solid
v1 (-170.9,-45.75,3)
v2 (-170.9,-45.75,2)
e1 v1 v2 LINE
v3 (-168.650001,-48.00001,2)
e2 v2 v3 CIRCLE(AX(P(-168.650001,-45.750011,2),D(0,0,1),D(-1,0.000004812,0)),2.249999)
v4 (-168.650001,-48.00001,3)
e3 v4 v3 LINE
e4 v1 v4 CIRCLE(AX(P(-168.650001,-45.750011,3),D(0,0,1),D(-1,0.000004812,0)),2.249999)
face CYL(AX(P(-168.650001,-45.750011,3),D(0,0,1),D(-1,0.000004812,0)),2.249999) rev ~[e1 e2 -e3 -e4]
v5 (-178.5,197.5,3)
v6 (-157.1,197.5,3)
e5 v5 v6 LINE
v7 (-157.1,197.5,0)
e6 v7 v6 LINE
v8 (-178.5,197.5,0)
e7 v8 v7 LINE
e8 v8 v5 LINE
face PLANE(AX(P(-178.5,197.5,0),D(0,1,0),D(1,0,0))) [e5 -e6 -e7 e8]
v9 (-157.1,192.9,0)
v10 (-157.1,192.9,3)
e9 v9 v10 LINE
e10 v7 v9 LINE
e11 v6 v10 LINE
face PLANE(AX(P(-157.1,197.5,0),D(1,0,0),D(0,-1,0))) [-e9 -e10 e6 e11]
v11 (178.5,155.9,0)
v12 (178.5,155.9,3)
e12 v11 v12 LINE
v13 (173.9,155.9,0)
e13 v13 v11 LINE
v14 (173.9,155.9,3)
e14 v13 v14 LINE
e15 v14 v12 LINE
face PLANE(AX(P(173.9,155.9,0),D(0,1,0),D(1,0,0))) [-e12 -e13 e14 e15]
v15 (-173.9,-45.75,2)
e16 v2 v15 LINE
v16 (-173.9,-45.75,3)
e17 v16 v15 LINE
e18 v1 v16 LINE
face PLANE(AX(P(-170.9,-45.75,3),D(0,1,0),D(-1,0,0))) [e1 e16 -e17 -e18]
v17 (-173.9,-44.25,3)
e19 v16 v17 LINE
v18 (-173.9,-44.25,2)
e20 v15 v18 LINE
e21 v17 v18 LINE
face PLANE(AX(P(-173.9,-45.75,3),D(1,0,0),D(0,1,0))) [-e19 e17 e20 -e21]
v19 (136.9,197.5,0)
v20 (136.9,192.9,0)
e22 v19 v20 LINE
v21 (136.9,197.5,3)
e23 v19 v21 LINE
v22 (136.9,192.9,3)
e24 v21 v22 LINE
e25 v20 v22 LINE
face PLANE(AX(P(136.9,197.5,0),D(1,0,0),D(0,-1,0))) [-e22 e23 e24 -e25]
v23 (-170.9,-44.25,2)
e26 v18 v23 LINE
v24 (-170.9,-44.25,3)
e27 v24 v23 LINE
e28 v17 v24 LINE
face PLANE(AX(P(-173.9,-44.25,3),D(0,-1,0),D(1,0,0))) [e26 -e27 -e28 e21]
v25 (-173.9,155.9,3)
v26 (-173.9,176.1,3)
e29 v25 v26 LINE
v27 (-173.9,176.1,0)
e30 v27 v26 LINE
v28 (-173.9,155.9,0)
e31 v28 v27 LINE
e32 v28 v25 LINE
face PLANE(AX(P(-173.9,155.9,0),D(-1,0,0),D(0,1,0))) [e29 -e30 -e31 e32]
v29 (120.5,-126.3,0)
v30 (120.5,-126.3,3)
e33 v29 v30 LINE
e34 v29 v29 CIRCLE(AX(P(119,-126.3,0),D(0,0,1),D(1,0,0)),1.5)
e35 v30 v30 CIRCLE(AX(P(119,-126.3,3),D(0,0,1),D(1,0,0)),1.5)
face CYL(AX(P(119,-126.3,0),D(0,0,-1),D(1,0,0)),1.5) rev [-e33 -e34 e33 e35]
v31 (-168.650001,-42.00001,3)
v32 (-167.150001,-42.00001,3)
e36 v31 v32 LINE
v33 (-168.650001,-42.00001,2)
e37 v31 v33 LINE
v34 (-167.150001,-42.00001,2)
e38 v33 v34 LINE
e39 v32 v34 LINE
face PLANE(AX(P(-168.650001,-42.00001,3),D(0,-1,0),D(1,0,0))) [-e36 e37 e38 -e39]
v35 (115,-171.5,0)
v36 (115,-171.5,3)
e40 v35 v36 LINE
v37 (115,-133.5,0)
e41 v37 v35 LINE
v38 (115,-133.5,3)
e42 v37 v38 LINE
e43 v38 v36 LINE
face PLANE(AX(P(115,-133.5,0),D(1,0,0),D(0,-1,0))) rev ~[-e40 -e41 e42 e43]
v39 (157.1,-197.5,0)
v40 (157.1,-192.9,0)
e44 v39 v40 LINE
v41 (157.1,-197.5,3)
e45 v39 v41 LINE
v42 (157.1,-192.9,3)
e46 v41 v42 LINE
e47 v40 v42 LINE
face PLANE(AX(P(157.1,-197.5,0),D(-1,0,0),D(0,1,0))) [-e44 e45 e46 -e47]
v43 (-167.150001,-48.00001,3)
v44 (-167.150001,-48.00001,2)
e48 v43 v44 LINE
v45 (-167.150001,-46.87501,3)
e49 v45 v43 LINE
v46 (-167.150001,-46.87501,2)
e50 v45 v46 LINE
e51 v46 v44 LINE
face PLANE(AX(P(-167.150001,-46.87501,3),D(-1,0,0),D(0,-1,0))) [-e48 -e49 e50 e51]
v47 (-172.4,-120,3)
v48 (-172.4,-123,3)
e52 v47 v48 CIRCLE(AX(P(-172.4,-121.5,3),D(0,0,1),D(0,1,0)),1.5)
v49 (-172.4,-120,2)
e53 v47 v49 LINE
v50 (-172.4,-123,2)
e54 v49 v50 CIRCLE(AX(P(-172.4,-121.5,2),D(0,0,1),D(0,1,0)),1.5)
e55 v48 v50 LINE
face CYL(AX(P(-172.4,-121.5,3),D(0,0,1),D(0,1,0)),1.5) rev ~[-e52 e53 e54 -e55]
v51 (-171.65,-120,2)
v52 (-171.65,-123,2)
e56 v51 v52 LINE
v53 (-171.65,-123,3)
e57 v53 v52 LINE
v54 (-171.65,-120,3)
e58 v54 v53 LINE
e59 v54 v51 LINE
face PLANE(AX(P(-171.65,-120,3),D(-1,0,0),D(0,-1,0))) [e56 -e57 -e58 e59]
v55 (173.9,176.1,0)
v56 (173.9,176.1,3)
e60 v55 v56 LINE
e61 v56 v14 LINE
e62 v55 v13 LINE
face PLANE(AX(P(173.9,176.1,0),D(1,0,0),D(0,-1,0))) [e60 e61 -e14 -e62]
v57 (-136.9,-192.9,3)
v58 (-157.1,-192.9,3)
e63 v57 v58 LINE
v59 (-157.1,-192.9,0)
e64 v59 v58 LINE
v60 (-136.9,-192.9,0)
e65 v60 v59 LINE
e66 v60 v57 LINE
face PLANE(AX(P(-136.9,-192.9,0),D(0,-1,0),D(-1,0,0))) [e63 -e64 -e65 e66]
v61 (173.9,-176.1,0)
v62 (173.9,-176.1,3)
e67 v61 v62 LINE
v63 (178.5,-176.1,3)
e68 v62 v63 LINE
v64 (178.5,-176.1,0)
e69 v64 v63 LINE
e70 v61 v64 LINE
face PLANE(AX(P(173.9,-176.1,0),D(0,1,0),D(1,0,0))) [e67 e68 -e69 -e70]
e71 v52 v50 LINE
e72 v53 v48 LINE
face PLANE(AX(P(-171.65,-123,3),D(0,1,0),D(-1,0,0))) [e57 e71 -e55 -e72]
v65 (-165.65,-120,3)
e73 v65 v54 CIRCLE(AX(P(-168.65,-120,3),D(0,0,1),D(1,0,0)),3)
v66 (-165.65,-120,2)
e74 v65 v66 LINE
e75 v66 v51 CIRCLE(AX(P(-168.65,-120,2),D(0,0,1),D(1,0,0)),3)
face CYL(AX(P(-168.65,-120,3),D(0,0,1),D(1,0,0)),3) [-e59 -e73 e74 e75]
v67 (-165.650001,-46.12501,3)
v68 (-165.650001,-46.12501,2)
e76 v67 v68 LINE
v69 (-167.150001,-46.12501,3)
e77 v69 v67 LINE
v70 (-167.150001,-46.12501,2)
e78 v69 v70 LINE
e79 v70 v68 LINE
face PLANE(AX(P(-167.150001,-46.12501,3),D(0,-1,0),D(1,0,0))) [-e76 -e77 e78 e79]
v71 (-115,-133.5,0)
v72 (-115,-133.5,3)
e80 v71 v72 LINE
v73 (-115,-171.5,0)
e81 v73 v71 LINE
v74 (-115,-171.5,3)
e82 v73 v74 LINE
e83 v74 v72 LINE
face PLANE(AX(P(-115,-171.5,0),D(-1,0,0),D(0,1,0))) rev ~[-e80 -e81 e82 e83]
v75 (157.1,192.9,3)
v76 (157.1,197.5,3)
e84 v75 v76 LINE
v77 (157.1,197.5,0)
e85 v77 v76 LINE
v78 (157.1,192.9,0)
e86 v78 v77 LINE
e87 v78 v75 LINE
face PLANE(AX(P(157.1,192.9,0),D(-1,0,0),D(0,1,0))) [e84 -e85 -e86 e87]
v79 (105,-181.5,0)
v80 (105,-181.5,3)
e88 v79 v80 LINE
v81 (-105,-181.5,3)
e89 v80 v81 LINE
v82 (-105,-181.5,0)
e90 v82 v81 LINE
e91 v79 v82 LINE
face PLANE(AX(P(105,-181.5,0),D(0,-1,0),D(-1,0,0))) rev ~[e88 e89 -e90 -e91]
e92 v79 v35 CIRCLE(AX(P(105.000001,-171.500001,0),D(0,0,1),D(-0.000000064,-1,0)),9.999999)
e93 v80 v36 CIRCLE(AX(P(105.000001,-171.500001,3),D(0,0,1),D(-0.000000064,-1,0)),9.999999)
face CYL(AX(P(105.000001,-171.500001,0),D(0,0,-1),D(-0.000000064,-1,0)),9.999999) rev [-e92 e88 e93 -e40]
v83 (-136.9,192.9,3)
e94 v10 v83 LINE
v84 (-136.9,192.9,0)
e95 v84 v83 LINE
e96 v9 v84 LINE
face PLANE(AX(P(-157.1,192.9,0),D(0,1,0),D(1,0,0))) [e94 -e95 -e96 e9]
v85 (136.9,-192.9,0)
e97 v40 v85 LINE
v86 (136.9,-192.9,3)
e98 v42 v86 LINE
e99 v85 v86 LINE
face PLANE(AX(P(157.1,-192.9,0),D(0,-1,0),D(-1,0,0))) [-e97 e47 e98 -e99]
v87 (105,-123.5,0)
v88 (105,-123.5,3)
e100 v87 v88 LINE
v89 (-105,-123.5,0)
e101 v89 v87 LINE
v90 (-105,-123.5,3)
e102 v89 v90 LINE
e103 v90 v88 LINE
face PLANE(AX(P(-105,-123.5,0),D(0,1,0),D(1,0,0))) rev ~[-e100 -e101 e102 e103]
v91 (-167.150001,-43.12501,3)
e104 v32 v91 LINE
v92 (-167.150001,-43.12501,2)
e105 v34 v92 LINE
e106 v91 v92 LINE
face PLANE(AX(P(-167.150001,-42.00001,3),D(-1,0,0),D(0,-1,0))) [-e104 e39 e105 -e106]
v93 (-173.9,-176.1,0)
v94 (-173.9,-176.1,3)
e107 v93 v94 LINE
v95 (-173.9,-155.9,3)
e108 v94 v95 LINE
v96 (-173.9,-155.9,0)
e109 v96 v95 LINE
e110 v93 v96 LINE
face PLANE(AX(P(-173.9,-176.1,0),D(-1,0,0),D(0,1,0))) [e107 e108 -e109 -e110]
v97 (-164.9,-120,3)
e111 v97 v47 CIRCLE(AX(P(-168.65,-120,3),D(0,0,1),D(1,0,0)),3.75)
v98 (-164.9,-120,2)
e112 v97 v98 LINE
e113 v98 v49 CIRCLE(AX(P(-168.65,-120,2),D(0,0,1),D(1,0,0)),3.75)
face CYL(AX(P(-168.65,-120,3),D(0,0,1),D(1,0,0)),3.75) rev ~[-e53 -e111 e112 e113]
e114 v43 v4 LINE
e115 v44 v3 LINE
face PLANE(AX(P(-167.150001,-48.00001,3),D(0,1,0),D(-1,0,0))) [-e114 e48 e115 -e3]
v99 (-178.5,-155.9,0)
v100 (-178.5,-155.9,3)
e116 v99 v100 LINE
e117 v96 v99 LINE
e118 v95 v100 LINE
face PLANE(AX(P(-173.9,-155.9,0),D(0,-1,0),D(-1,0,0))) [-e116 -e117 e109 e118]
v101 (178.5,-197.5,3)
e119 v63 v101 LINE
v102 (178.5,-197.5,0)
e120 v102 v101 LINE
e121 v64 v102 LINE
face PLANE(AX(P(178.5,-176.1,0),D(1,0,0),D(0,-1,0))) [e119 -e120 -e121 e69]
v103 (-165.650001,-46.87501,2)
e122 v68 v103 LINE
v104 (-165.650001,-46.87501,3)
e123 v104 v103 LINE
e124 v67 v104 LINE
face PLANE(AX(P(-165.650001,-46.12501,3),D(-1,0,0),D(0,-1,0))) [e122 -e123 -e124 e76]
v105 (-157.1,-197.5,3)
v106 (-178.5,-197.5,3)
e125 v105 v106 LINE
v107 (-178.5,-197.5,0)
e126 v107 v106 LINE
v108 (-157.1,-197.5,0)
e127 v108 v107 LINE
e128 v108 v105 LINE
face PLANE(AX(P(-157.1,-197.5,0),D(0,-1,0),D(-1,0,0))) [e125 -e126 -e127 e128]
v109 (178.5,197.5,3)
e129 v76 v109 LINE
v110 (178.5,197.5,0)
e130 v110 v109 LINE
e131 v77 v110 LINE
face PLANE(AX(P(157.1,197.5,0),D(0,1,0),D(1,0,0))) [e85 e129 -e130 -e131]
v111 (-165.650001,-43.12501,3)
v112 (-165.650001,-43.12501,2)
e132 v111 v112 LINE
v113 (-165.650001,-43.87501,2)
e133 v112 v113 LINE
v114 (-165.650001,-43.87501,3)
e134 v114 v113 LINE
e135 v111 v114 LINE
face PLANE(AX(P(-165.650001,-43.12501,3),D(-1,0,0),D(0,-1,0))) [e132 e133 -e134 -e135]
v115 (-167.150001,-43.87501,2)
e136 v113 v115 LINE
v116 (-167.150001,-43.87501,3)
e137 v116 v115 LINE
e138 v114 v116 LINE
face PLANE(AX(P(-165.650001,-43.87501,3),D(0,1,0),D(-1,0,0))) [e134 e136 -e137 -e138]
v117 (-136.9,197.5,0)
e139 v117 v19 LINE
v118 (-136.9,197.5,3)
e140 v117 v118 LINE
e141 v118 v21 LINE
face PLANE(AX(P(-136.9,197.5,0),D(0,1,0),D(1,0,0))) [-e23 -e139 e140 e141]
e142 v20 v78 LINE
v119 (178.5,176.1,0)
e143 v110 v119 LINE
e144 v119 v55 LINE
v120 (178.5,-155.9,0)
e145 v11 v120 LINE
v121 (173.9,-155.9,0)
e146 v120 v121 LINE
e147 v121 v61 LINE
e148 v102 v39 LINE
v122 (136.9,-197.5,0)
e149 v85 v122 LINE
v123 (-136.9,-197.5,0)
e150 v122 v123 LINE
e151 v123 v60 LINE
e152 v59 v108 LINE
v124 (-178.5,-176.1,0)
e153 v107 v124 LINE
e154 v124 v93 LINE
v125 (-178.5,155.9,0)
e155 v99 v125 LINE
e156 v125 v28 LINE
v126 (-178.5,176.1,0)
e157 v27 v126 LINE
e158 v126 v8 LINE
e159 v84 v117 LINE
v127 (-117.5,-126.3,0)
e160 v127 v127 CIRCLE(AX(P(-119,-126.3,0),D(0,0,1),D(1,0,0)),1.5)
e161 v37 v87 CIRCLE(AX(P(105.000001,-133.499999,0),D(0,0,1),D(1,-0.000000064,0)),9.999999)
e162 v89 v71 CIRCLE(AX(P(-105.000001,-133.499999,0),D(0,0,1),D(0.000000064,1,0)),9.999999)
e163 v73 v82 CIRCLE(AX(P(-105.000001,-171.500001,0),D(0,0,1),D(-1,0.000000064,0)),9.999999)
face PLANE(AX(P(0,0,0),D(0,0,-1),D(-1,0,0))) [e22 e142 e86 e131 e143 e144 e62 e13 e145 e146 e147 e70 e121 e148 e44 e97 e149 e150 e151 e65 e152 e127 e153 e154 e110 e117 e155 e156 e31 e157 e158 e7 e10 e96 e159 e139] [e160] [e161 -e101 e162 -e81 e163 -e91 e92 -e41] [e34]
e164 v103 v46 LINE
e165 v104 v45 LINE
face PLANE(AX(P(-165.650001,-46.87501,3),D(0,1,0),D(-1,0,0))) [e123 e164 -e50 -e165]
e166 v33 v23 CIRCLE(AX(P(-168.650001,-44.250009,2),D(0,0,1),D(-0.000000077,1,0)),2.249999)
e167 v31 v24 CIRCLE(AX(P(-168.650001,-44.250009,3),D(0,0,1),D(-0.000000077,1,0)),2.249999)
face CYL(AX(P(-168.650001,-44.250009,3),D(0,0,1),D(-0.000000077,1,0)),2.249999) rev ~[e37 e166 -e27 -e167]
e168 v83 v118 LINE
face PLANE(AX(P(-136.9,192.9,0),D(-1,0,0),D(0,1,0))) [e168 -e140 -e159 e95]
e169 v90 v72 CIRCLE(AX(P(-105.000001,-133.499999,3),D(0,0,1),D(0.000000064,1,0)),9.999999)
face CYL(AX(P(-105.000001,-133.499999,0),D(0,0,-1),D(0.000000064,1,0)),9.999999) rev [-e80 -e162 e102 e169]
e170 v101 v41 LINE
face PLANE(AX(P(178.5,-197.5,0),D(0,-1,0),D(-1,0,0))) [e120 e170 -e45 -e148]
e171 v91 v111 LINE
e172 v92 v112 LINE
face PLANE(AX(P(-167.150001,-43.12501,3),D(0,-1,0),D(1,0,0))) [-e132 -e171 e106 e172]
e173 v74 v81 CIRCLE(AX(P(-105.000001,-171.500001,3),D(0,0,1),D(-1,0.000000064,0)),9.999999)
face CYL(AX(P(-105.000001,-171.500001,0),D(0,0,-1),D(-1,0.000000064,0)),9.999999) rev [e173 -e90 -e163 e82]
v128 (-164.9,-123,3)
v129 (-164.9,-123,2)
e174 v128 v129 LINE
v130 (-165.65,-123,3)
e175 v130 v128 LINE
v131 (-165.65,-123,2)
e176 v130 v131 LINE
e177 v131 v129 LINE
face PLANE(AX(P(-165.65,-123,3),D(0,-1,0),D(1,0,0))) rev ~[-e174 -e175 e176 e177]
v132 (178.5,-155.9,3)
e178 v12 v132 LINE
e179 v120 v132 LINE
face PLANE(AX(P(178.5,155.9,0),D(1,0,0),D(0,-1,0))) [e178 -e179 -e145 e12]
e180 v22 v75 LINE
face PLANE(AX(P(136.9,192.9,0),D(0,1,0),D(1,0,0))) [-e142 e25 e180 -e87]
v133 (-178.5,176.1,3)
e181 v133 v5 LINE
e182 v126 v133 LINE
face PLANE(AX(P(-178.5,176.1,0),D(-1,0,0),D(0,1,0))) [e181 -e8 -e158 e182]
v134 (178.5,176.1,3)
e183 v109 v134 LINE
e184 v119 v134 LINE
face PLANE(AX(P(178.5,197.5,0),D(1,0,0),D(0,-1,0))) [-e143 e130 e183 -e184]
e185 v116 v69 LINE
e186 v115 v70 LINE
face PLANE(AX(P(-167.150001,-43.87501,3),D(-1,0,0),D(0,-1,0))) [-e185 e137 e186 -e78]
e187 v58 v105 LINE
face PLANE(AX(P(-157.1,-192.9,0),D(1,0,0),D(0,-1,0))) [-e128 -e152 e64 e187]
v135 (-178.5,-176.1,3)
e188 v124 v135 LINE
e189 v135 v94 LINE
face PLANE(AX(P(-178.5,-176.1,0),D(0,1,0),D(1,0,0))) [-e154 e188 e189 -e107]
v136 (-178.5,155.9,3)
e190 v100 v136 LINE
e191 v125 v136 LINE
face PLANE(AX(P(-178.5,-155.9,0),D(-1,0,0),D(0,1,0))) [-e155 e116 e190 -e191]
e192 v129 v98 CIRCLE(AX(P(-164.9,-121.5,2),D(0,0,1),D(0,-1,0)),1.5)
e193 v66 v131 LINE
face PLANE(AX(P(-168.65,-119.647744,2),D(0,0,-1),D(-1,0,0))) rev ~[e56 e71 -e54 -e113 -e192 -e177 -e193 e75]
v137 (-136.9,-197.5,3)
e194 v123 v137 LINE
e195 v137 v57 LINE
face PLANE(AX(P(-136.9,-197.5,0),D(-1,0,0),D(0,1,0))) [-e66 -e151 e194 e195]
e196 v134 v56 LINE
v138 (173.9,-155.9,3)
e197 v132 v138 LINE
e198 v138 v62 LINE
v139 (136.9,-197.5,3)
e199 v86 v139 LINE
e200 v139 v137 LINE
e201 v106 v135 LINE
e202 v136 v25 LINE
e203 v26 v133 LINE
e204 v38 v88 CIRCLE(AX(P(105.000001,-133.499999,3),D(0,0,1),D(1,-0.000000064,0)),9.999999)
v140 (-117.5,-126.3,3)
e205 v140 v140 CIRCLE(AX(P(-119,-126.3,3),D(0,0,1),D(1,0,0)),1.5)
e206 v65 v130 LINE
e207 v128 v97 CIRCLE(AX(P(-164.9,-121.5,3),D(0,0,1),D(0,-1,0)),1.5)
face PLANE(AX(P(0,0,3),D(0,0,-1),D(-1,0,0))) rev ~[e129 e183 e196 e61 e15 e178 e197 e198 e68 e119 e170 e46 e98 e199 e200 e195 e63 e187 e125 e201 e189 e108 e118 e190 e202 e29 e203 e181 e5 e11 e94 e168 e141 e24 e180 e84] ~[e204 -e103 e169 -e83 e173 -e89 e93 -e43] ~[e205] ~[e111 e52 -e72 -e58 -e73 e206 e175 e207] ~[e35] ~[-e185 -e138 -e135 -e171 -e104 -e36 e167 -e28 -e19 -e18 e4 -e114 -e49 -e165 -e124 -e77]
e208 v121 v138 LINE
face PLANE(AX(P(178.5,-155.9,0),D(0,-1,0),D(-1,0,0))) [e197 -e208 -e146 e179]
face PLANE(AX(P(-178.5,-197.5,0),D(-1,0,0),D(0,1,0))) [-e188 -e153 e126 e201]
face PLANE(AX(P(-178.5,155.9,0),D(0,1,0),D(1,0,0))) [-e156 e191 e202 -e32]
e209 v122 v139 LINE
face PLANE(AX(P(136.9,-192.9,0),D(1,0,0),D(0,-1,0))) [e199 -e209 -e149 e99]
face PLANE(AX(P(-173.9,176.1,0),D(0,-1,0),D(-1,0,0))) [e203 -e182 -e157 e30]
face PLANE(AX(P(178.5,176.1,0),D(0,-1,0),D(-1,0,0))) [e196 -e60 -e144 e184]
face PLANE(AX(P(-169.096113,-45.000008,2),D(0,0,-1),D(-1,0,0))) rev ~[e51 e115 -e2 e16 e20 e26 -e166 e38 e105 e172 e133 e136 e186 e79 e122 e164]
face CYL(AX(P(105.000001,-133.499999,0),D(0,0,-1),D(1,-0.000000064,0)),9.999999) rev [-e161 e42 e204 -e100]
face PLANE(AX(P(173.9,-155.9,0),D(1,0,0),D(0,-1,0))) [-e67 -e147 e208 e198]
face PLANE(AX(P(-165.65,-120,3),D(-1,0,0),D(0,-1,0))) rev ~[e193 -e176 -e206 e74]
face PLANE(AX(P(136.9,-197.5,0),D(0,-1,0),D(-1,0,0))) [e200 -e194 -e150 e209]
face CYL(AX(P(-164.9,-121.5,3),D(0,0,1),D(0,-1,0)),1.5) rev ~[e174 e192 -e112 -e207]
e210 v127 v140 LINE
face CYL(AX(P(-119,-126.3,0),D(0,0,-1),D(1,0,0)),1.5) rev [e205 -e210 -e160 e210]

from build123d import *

# Parameters (mm, degrees)
SKETCH_R     = 1.5
PAD_DEPTH    = 3
POCKET_DEPTH = 1


with BuildPart() as part:
    # Sketch → Pad (new body)
    with BuildSketch(Plane.XY):
        Polygon((-173.9, 176.1), (-178.5, 176.1), (-178.5, 197.5), (-157.1, 197.5), (-157.1, 192.9), (-136.9, 192.9), (-136.9, 197.5), (136.9, 197.5), (136.9, 192.9), (157.1, 192.9), (157.1, 197.5), (178.5, 197.5), (178.5, 176.1), (173.9, 176.1), (173.9, 155.9), (178.5, 155.9), (178.5, -155.9), (173.9, -155.9), (173.9, -176.1), (178.5, -176.1), (178.5, -197.5), (157.1, -197.5), (157.1, -192.9), (136.9, -192.9), (136.9, -197.5), (-136.9, -197.5), (-136.9, -192.9), (-157.1, -192.9), (-157.1, -197.5), (-178.5, -197.5), (-178.5, -176.1), (-173.9, -176.1), (-173.9, -155.9), (-178.5, -155.9), (-178.5, 155.9), (-173.9, 155.9), align=None)
        with Locations((-119, -126.3)):
            Circle(SKETCH_R, mode=Mode.SUBTRACT)
        with Locations((119, -126.3)):
            Circle(SKETCH_R, mode=Mode.SUBTRACT)
        with BuildLine():
            Line((-105, -123.5), (105, -123.5))
            ThreePointArc((115, -133.5), (112.071068, -126.428932), (105, -123.5))
            Line((115, -133.5), (115, -171.5))
            ThreePointArc((105, -181.5), (112.071068, -178.571068), (115, -171.5))
            Line((105, -181.5), (-105, -181.5))
            ThreePointArc((-115, -171.5), (-112.071068, -178.571068), (-105, -181.5))
            Line((-115, -171.5), (-115, -133.5))
            ThreePointArc((-105, -123.5), (-112.071068, -126.428932), (-115, -133.5))
        make_face(mode=Mode.SUBTRACT)
    extrude(amount=PAD_DEPTH)

    # Sketch001 (on Face48 of Pad) → Pocket (cut)
    with BuildSketch(Plane.XY.offset(3)):
        with BuildLine():
            Line((-170.9, -45.75), (-173.9, -45.75))
            Line((-173.9, -45.75), (-173.9, -44.25))
            Line((-173.9, -44.25), (-170.9, -44.25))
            ThreePointArc((-168.650001, -42.00001), (-170.240987, -42.659016), (-170.9, -44.25))
            Line((-168.650001, -42.00001), (-167.150001, -42.00001))
            Line((-167.150001, -42.00001), (-167.150001, -43.12501))
            Line((-167.150001, -43.12501), (-165.650001, -43.12501))
            Line((-165.650001, -43.12501), (-165.650001, -43.87501))
            Line((-165.650001, -43.87501), (-167.150001, -43.87501))
            Line((-167.150001, -43.87501), (-167.150001, -46.12501))
            Line((-167.150001, -46.12501), (-165.650001, -46.12501))
            Line((-165.650001, -46.12501), (-165.650001, -46.87501))
            Line((-165.650001, -46.87501), (-167.150001, -46.87501))
            Line((-167.150001, -46.87501), (-167.150001, -48.00001))
            Line((-167.150001, -48.00001), (-168.650001, -48.00001))
            ThreePointArc((-170.9, -45.75), (-170.240994, -47.340997), (-168.650001, -48.00001))
        make_face()
        with BuildLine():
            ThreePointArc((-165.65, -120), (-168.65, -117), (-171.65, -120))
            Line((-171.65, -120), (-171.65, -123))
            Line((-171.65, -123), (-172.4, -123))
            ThreePointArc((-172.4, -120), (-173.9, -121.5), (-172.4, -123))
            ThreePointArc((-164.9, -120), (-168.65, -116.25), (-172.4, -120))
            ThreePointArc((-164.9, -123), (-163.4, -121.5), (-164.9, -120))
            Line((-165.65, -123), (-164.9, -123))
            Line((-165.65, -120), (-165.65, -123))
        make_face()
    extrude(amount=-POCKET_DEPTH, mode=Mode.SUBTRACT)


solid = part.part
